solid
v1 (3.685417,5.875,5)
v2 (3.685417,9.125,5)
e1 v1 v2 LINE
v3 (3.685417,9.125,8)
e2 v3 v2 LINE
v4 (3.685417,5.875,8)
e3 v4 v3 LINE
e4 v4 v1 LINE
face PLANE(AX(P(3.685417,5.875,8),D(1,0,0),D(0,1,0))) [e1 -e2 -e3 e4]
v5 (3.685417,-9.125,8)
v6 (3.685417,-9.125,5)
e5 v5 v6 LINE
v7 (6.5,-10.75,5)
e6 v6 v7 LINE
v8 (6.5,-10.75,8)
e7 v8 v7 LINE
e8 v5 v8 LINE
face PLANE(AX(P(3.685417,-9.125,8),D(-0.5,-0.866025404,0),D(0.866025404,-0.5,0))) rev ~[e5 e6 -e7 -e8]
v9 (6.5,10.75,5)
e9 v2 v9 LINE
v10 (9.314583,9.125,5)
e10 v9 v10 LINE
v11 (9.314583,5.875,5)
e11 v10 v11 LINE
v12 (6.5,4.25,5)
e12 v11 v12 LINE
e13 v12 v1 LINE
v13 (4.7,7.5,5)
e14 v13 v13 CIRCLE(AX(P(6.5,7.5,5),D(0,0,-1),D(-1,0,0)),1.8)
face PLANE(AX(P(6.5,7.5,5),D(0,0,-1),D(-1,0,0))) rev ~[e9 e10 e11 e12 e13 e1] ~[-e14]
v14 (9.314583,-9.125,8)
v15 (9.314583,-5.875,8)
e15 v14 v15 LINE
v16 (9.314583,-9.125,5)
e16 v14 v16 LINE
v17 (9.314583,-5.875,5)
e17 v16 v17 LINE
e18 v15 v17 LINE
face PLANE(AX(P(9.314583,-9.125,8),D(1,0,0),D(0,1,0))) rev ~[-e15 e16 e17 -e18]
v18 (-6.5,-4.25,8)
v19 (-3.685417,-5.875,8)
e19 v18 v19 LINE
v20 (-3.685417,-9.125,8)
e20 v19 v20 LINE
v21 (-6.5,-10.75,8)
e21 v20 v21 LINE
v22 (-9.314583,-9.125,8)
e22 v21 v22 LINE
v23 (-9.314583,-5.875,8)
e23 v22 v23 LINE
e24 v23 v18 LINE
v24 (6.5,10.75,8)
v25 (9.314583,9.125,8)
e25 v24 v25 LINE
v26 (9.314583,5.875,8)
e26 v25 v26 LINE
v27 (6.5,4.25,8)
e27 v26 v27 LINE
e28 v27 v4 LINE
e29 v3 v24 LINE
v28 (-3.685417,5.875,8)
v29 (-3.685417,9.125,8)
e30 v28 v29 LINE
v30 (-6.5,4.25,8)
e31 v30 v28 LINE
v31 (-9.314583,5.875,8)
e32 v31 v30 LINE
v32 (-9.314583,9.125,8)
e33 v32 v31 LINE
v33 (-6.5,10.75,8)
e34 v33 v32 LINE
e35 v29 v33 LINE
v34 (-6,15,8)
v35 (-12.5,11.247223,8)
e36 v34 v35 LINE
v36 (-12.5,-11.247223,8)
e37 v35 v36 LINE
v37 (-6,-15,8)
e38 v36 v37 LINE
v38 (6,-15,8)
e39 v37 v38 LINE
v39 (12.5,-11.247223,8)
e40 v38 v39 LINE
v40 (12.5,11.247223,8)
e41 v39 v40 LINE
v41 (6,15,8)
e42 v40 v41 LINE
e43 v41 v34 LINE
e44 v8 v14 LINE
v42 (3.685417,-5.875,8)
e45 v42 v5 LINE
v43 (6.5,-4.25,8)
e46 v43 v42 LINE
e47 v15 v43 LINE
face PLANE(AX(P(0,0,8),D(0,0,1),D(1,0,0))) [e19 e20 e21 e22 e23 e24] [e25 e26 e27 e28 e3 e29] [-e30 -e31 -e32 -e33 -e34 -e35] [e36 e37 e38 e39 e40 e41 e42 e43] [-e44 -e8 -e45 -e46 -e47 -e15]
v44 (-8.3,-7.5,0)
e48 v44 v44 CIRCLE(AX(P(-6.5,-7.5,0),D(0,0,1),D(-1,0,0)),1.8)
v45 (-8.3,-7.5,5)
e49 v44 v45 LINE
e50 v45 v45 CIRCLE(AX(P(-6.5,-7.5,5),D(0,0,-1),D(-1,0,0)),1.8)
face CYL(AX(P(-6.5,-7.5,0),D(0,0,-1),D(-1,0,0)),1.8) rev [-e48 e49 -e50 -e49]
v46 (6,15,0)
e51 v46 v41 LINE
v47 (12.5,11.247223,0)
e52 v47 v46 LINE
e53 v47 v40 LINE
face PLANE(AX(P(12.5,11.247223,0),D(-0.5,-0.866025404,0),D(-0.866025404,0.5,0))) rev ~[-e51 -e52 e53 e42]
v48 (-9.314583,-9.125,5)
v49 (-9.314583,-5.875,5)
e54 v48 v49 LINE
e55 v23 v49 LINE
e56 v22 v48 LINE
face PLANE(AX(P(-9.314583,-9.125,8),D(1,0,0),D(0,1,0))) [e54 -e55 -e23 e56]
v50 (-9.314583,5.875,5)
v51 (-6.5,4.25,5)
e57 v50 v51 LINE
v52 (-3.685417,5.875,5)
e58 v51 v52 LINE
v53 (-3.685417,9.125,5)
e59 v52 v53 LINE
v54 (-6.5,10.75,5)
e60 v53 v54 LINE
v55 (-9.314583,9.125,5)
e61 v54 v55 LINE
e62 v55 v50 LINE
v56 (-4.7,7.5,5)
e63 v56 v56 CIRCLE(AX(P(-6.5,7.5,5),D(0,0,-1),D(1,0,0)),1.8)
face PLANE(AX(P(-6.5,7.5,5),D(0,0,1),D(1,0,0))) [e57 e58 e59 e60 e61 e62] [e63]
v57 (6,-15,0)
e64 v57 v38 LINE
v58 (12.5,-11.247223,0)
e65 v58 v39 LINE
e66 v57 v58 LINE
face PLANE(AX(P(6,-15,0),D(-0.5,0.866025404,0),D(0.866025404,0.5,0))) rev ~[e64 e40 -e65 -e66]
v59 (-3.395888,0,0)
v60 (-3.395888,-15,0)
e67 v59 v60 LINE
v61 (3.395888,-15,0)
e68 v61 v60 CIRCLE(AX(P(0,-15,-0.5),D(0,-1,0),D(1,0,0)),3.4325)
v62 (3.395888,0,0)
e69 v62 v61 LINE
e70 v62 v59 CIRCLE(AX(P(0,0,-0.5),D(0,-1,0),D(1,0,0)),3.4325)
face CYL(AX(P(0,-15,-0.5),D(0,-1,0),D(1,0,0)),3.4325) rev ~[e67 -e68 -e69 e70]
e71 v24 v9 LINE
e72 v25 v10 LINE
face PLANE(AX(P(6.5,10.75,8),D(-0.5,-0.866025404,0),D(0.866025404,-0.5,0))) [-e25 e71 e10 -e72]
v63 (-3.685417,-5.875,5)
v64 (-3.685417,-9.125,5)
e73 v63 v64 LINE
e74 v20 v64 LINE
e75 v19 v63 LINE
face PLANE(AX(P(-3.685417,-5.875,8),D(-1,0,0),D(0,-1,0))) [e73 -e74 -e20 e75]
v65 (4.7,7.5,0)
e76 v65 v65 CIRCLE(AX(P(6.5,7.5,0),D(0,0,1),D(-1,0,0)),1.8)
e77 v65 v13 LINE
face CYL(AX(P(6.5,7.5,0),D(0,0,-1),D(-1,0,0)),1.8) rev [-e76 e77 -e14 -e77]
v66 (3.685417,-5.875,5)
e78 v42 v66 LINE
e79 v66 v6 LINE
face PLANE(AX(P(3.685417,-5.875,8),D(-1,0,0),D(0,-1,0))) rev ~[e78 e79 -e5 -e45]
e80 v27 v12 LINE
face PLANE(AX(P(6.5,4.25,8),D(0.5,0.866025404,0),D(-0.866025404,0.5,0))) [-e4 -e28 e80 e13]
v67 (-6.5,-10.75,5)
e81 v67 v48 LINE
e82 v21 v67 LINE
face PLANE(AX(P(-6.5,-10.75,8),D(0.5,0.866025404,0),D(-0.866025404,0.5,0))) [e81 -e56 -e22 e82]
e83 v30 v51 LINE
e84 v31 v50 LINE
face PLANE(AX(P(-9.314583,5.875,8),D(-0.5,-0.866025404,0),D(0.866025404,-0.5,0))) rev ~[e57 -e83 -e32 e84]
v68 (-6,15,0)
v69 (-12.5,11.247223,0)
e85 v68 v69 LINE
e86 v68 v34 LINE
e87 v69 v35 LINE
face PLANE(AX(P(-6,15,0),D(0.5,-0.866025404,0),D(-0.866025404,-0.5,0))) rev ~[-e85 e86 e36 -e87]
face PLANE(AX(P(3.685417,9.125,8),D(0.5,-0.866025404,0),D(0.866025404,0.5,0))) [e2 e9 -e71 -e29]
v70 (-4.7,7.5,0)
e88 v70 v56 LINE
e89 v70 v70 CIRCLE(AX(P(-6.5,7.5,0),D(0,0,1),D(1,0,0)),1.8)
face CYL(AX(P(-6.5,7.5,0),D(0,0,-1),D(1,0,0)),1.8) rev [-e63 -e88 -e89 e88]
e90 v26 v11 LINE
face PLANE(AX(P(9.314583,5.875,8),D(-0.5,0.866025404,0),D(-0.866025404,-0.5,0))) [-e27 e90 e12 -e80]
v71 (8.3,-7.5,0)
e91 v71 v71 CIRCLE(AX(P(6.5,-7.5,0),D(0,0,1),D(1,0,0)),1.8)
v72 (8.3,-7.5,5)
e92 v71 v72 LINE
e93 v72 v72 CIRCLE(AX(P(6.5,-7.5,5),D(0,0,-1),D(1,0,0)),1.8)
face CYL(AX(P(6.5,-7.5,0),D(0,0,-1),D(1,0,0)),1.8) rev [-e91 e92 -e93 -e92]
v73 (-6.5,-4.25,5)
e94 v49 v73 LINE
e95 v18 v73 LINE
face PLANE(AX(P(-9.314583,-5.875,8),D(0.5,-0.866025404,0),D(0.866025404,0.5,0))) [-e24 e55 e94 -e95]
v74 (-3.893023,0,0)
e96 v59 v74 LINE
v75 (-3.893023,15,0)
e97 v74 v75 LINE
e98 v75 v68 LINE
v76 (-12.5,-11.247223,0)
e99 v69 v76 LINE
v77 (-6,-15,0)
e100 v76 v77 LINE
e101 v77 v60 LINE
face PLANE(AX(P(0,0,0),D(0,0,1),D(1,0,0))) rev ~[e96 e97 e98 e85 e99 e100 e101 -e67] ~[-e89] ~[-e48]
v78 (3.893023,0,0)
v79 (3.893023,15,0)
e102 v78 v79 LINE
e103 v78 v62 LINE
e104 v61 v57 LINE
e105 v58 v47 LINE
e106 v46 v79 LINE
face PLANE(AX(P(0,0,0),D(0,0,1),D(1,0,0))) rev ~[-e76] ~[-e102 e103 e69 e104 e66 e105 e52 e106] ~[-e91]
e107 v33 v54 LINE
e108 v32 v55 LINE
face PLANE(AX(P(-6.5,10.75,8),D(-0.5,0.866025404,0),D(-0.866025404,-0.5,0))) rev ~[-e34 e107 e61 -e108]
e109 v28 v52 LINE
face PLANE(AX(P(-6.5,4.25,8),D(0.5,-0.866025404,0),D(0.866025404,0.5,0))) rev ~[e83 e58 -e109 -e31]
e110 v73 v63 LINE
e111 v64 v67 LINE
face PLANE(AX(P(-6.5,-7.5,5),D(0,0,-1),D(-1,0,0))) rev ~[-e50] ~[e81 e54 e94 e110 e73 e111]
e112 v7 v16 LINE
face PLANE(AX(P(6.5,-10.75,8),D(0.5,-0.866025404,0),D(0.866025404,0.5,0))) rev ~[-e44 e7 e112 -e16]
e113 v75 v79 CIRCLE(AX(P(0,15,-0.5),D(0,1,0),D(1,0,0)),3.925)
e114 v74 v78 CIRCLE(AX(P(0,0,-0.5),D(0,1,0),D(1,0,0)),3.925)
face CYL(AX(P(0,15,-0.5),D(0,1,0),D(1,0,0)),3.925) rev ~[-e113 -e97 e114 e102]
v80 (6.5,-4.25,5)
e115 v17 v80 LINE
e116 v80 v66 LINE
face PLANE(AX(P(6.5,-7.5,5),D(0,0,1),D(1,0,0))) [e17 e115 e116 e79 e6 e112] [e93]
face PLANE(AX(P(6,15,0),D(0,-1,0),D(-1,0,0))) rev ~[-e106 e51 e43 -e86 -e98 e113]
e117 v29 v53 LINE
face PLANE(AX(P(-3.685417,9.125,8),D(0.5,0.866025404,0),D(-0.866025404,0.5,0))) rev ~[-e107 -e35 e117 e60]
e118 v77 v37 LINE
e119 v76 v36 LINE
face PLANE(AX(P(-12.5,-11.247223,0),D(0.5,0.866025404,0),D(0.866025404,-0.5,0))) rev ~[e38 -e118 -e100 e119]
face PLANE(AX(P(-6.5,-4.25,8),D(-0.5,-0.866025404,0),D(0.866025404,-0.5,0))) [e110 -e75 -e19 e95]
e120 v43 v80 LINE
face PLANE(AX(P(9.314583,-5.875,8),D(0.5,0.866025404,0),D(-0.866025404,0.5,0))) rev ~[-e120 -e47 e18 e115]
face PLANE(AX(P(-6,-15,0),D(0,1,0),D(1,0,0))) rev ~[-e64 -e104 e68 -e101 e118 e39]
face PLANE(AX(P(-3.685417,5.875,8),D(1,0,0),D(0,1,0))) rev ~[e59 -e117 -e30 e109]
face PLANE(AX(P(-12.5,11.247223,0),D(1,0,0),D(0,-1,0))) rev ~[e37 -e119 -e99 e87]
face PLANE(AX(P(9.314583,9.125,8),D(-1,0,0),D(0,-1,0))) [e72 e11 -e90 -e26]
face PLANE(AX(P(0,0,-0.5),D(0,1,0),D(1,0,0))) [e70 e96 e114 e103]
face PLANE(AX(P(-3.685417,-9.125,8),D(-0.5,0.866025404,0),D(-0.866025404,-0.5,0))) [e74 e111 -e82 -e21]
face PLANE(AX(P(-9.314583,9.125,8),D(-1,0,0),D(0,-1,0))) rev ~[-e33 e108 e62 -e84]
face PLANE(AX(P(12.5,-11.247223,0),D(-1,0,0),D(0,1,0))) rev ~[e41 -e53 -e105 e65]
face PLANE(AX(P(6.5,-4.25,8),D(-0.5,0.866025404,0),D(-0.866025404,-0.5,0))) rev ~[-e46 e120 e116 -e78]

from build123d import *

# Parameters (mm, degrees)
SCHIZZO1_R         = 1.8
MAIN_BODY_DEPTH    = 8
SCHIZZO2_R         = 3.925
THREADED_ROD_DEPTH = 15
SCHIZZO4_R         = 3.4325
MOTOR_SHAFT_DEPTH  = 15
NUT_RECESS_DEPTH   = 3


with BuildPart() as part:
    # Schizzo1 → Main Body (new body)
    with BuildSketch(Plane.XY):
        Polygon((12.5, -11.24722325), (12.5, 11.24722325), (6, 15), (-6, 15), (-12.5, 11.24722325), (-12.5, -11.24722325), (-6, -15), (6, -15), align=None)
        with Locations((-6.5, 7.5)):
            Circle(SCHIZZO1_R, mode=Mode.SUBTRACT)
        with Locations((6.5, -7.5)):
            Circle(SCHIZZO1_R, mode=Mode.SUBTRACT)
        with Locations(Location((-6.5, -7.5, 0), (0, 0, 180))):
            Circle(SCHIZZO1_R, mode=Mode.SUBTRACT)
        with Locations(Location((6.5, 7.5, 0), (0, 0, 180))):
            Circle(SCHIZZO1_R, mode=Mode.SUBTRACT)
    extrude(amount=MAIN_BODY_DEPTH)

    # Schizzo2 → Threaded rod (cut)
    with BuildSketch(Plane(origin=(0, 15, 0), x_dir=(1, 0, 0), z_dir=(0, 1, 0))):
        with Locations((0, 0.5)):
            Circle(SCHIZZO2_R)
    extrude(amount=-THREADED_ROD_DEPTH, mode=Mode.SUBTRACT)

    # Schizzo4 → Motor shaft (cut)
    with BuildSketch(Plane.XZ.offset(15)):
        with Locations((0, -0.5)):
            Circle(SCHIZZO4_R)
    extrude(amount=-MOTOR_SHAFT_DEPTH, mode=Mode.SUBTRACT)

    # Schizzo5 → Nut recess (cut)
    with BuildSketch(Plane.XY.offset(8)):
        Polygon((-9.314582562, -5.875), (-6.5, -4.25), (-3.685417438, -5.875), (-3.685417438, -9.125), (-6.5, -10.75), (-9.314582562, -9.125), align=None)
        Polygon((6.5, -4.25), (3.685417438, -5.875), (3.685417438, -9.125), (6.5, -10.75), (9.314582562, -9.125), (9.314582562, -5.875), align=None)
        Polygon((-6.5, 4.25), (-3.685417438, 5.875), (-3.685417438, 9.125), (-6.5, 10.75), (-9.314582562, 9.125), (-9.314582562, 5.875), align=None)
        Polygon((9.314582562, 5.875), (6.5, 4.25), (3.685417438, 5.875), (3.685417438, 9.125), (6.5, 10.75), (9.314582562, 9.125), align=None)
    extrude(amount=-NUT_RECESS_DEPTH, mode=Mode.SUBTRACT)


solid = part.part
